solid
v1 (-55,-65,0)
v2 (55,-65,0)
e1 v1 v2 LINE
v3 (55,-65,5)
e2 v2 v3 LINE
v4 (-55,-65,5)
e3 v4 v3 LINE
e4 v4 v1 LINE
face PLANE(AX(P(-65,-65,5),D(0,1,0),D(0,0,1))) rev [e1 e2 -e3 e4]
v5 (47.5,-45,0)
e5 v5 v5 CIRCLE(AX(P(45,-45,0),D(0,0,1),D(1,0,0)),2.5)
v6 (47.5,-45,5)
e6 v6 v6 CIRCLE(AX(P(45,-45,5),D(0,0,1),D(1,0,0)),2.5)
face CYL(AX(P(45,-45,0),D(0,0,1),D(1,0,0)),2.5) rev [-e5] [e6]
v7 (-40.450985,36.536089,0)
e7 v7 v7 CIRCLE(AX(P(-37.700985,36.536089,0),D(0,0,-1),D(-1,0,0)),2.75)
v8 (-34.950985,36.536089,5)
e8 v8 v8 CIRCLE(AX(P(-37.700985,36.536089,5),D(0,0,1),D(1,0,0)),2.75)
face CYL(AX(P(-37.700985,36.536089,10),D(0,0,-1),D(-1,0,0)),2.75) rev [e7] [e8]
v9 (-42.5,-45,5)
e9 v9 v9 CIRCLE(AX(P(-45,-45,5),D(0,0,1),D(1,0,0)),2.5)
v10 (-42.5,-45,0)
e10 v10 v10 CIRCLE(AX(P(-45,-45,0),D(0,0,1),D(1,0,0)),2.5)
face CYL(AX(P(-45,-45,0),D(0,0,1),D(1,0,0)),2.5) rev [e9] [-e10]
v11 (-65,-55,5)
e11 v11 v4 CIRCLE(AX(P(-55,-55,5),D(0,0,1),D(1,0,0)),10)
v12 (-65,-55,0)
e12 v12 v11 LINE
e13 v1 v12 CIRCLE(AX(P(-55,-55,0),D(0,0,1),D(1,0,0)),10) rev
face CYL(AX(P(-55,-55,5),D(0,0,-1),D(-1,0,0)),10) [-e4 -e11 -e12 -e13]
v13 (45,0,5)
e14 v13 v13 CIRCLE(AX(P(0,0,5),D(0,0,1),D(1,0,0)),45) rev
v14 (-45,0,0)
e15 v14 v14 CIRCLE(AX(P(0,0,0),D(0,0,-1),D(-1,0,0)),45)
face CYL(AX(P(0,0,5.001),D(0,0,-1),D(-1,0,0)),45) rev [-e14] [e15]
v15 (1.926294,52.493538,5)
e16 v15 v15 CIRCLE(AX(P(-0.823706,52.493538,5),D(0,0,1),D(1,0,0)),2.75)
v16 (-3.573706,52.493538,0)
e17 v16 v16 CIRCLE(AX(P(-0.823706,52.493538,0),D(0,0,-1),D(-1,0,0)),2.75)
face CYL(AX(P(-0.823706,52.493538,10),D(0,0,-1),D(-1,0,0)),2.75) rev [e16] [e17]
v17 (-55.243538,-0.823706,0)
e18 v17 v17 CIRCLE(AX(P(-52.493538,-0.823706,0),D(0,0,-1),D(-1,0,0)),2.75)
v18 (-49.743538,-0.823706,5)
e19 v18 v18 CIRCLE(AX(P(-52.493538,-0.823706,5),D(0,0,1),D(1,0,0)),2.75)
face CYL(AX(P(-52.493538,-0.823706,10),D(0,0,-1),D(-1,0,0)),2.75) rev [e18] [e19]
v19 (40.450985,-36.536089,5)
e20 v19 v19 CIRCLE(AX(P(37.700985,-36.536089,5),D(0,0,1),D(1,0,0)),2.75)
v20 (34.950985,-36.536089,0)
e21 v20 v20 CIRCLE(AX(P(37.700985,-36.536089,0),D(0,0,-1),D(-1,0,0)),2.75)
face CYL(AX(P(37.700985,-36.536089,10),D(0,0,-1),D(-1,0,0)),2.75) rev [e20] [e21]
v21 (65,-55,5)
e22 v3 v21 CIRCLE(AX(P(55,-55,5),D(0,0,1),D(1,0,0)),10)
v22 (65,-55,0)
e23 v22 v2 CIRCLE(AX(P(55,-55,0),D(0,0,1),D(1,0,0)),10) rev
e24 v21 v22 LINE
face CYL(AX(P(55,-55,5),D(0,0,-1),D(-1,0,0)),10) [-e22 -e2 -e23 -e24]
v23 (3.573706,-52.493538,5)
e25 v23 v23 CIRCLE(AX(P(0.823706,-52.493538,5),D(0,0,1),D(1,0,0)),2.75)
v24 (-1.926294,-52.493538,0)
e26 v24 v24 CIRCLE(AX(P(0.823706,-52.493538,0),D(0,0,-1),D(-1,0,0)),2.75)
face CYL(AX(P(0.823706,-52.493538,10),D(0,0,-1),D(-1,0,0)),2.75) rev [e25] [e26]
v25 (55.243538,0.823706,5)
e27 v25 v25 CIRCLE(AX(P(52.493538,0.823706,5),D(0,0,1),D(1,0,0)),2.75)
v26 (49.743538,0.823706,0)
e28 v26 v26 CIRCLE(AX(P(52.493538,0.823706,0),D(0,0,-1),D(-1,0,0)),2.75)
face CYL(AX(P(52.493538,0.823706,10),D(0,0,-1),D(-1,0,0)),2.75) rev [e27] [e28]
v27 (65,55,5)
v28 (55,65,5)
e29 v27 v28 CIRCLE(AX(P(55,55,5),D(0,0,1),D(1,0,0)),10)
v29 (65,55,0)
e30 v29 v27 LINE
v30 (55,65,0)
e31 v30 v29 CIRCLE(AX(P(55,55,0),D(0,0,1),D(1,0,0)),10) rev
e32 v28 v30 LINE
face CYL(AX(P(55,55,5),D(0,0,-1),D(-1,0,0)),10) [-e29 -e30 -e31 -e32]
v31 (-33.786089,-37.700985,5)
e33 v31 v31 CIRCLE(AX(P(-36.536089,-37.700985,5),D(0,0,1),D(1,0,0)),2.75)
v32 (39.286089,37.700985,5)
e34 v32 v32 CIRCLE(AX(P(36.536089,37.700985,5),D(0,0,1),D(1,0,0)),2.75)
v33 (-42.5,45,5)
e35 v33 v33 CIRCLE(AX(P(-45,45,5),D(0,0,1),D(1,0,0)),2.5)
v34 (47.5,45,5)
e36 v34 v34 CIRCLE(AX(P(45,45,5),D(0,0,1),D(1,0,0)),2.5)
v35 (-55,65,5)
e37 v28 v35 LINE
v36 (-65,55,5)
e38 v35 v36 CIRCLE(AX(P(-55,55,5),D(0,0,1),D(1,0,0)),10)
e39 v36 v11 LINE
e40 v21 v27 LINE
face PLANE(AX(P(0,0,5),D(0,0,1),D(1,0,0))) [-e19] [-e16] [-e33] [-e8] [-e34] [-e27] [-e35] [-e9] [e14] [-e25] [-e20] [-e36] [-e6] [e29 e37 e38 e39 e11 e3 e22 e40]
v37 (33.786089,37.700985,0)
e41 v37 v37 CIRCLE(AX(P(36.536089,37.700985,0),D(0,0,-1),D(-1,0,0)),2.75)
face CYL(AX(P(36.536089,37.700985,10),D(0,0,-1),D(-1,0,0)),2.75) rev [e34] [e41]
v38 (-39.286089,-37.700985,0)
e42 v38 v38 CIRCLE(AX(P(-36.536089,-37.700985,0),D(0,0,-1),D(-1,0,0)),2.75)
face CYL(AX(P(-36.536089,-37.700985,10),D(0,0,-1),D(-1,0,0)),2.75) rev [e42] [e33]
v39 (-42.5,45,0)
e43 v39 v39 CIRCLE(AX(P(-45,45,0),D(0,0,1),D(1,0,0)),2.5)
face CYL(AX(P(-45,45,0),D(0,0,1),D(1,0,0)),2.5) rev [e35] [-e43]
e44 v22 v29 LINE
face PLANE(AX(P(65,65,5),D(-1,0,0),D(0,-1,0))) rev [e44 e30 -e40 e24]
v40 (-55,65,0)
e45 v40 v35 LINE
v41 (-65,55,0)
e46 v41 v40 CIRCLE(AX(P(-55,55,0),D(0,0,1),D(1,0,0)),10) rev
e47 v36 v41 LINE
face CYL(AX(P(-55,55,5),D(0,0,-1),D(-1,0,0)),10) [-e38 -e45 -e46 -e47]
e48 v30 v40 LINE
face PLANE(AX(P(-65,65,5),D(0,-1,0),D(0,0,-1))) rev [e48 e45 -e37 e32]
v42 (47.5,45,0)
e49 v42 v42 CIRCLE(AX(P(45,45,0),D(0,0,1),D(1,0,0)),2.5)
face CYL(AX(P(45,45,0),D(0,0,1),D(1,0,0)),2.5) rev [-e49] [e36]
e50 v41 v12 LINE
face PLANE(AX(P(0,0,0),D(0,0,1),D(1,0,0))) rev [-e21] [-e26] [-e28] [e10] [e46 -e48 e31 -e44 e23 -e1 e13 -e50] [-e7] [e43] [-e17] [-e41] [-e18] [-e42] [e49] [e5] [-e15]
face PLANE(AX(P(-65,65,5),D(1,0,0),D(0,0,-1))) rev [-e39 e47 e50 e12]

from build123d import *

# Parameters (mm, degrees)
SKETCH_1_W          = 130
SKETCH_1_H          = 130
EXTRUDE_1_DEPTH     = 5
CUT_EXTRUDE_2_REACH = 94.06
SKETCH_5_R          = 45
FILLET_1_R          = 10
CUT_EXTRUDE_3_DEPTH = 10
SKETCH_7_R          = 2.5
CUT_EXTRUDE_4_DEPTH = 93.059763198


with BuildPart() as part:
    # 草图1 → 凸台-拉伸1 (new body)
    with BuildSketch(Plane.XY):
        Rectangle(SKETCH_1_W, SKETCH_1_H)
    extrude(amount=EXTRUDE_1_DEPTH)

    # 草图5 → 切除-拉伸2 (cut, up to next)
    with BuildSketch(Plane(origin=(0, 0, 0), x_dir=(-1, 0, 0), z_dir=(0, 0, -1)), mode=Mode.PRIVATE) as cut_extrude_2_sk1:
        Circle(SKETCH_5_R)
    cut_extrude_2_tool1 = extrude(cut_extrude_2_sk1.sketch, amount=-CUT_EXTRUDE_2_REACH, mode=Mode.PRIVATE) & part.part
    add(cut_extrude_2_tool1.solids().sort_by_distance((0, 0, 0))[0], mode=Mode.SUBTRACT)

    # 圆角1
    fillet_1_edges = [part.edges().sort_by_distance(p)[0] for p in [
        (65, -65, 2.5),
        (-65, -65, 2.5),
        (-65, 65, 2.5),
        (65, 65, 2.5),
    ]]
    fillet(fillet_1_edges, radius=FILLET_1_R)

    # 草图6 → 切除-拉伸3 (cut)
    with BuildSketch(Plane(origin=(0, 0, 0), x_dir=(-1, 0, 0), z_dir=(0, 0, -1))):
        with BuildLine():
            ThreePointArc((39.675797976, 38.449883679), (35.787189387, 38.510902038), (35.726171029, 34.622293449))
            ThreePointArc((35.726171029, 34.622293449), (39.614779618, 34.56127509), (39.675797976, 38.449883679))
        make_face()
        with BuildLine():
            ThreePointArc((54.468351255, 1.090089298), (50.579742665, 1.151107656), (50.518724307, -2.737500933))
            ThreePointArc((50.518724307, -2.737500933), (54.407332896, -2.798519291), (54.468351255, 1.090089298))
        make_face()
        with BuildLine():
            ThreePointArc((38.510902038, -35.787189387), (34.622293449, -35.726171029), (34.56127509, -39.614779618))
            ThreePointArc((34.56127509, -39.614779618), (38.449883679, -39.675797976), (38.510902038, -35.787189387))
        make_face()
        with BuildLine():
            ThreePointArc((1.151107656, -50.579742665), (-2.737500933, -50.518724307), (-2.798519291, -54.407332896))
            ThreePointArc((-2.798519291, -54.407332896), (1.090089298, -54.468351255), (1.151107656, -50.579742665))
        make_face()
        with BuildLine():
            ThreePointArc((-35.726171029, -34.622293449), (-39.614779618, -34.56127509), (-39.675797976, -38.449883679))
            ThreePointArc((-39.675797976, -38.449883679), (-35.787189387, -38.510902038), (-35.726171029, -34.622293449))
        make_face()
        with BuildLine():
            ThreePointArc((-50.518724307, 2.737500933), (-54.407332896, 2.798519291), (-54.468351255, -1.090089298))
            ThreePointArc((-54.468351255, -1.090089298), (-50.579742665, -1.151107656), (-50.518724307, 2.737500933))
        make_face()
        with BuildLine():
            ThreePointArc((-34.56127509, 39.614779618), (-38.449883679, 39.675797976), (-38.510902038, 35.787189387))
            ThreePointArc((-38.510902038, 35.787189387), (-34.622293449, 35.726171029), (-34.56127509, 39.614779618))
        make_face()
        with BuildLine():
            ThreePointArc((2.798519291, 54.407332896), (-1.090089298, 54.468351255), (-1.151107656, 50.579742665))
            ThreePointArc((-1.151107656, 50.579742665), (2.737500933, 50.518724307), (2.798519291, 54.407332896))
        make_face()
    extrude(amount=-CUT_EXTRUDE_3_DEPTH, mode=Mode.SUBTRACT)

    # 草图7 → 切除-拉伸4 (cut, through all)
    with BuildSketch(Plane.XY.offset(5)):
        with Locations((-45, 45)):
            Circle(SKETCH_7_R)
        with Locations((45, 45)):
            Circle(SKETCH_7_R)
        with Locations((45, -45)):
            Circle(SKETCH_7_R)
        with Locations((-45, -45)):
            Circle(SKETCH_7_R)
    extrude(amount=-CUT_EXTRUDE_4_DEPTH, mode=Mode.SUBTRACT)


solid = part.part
